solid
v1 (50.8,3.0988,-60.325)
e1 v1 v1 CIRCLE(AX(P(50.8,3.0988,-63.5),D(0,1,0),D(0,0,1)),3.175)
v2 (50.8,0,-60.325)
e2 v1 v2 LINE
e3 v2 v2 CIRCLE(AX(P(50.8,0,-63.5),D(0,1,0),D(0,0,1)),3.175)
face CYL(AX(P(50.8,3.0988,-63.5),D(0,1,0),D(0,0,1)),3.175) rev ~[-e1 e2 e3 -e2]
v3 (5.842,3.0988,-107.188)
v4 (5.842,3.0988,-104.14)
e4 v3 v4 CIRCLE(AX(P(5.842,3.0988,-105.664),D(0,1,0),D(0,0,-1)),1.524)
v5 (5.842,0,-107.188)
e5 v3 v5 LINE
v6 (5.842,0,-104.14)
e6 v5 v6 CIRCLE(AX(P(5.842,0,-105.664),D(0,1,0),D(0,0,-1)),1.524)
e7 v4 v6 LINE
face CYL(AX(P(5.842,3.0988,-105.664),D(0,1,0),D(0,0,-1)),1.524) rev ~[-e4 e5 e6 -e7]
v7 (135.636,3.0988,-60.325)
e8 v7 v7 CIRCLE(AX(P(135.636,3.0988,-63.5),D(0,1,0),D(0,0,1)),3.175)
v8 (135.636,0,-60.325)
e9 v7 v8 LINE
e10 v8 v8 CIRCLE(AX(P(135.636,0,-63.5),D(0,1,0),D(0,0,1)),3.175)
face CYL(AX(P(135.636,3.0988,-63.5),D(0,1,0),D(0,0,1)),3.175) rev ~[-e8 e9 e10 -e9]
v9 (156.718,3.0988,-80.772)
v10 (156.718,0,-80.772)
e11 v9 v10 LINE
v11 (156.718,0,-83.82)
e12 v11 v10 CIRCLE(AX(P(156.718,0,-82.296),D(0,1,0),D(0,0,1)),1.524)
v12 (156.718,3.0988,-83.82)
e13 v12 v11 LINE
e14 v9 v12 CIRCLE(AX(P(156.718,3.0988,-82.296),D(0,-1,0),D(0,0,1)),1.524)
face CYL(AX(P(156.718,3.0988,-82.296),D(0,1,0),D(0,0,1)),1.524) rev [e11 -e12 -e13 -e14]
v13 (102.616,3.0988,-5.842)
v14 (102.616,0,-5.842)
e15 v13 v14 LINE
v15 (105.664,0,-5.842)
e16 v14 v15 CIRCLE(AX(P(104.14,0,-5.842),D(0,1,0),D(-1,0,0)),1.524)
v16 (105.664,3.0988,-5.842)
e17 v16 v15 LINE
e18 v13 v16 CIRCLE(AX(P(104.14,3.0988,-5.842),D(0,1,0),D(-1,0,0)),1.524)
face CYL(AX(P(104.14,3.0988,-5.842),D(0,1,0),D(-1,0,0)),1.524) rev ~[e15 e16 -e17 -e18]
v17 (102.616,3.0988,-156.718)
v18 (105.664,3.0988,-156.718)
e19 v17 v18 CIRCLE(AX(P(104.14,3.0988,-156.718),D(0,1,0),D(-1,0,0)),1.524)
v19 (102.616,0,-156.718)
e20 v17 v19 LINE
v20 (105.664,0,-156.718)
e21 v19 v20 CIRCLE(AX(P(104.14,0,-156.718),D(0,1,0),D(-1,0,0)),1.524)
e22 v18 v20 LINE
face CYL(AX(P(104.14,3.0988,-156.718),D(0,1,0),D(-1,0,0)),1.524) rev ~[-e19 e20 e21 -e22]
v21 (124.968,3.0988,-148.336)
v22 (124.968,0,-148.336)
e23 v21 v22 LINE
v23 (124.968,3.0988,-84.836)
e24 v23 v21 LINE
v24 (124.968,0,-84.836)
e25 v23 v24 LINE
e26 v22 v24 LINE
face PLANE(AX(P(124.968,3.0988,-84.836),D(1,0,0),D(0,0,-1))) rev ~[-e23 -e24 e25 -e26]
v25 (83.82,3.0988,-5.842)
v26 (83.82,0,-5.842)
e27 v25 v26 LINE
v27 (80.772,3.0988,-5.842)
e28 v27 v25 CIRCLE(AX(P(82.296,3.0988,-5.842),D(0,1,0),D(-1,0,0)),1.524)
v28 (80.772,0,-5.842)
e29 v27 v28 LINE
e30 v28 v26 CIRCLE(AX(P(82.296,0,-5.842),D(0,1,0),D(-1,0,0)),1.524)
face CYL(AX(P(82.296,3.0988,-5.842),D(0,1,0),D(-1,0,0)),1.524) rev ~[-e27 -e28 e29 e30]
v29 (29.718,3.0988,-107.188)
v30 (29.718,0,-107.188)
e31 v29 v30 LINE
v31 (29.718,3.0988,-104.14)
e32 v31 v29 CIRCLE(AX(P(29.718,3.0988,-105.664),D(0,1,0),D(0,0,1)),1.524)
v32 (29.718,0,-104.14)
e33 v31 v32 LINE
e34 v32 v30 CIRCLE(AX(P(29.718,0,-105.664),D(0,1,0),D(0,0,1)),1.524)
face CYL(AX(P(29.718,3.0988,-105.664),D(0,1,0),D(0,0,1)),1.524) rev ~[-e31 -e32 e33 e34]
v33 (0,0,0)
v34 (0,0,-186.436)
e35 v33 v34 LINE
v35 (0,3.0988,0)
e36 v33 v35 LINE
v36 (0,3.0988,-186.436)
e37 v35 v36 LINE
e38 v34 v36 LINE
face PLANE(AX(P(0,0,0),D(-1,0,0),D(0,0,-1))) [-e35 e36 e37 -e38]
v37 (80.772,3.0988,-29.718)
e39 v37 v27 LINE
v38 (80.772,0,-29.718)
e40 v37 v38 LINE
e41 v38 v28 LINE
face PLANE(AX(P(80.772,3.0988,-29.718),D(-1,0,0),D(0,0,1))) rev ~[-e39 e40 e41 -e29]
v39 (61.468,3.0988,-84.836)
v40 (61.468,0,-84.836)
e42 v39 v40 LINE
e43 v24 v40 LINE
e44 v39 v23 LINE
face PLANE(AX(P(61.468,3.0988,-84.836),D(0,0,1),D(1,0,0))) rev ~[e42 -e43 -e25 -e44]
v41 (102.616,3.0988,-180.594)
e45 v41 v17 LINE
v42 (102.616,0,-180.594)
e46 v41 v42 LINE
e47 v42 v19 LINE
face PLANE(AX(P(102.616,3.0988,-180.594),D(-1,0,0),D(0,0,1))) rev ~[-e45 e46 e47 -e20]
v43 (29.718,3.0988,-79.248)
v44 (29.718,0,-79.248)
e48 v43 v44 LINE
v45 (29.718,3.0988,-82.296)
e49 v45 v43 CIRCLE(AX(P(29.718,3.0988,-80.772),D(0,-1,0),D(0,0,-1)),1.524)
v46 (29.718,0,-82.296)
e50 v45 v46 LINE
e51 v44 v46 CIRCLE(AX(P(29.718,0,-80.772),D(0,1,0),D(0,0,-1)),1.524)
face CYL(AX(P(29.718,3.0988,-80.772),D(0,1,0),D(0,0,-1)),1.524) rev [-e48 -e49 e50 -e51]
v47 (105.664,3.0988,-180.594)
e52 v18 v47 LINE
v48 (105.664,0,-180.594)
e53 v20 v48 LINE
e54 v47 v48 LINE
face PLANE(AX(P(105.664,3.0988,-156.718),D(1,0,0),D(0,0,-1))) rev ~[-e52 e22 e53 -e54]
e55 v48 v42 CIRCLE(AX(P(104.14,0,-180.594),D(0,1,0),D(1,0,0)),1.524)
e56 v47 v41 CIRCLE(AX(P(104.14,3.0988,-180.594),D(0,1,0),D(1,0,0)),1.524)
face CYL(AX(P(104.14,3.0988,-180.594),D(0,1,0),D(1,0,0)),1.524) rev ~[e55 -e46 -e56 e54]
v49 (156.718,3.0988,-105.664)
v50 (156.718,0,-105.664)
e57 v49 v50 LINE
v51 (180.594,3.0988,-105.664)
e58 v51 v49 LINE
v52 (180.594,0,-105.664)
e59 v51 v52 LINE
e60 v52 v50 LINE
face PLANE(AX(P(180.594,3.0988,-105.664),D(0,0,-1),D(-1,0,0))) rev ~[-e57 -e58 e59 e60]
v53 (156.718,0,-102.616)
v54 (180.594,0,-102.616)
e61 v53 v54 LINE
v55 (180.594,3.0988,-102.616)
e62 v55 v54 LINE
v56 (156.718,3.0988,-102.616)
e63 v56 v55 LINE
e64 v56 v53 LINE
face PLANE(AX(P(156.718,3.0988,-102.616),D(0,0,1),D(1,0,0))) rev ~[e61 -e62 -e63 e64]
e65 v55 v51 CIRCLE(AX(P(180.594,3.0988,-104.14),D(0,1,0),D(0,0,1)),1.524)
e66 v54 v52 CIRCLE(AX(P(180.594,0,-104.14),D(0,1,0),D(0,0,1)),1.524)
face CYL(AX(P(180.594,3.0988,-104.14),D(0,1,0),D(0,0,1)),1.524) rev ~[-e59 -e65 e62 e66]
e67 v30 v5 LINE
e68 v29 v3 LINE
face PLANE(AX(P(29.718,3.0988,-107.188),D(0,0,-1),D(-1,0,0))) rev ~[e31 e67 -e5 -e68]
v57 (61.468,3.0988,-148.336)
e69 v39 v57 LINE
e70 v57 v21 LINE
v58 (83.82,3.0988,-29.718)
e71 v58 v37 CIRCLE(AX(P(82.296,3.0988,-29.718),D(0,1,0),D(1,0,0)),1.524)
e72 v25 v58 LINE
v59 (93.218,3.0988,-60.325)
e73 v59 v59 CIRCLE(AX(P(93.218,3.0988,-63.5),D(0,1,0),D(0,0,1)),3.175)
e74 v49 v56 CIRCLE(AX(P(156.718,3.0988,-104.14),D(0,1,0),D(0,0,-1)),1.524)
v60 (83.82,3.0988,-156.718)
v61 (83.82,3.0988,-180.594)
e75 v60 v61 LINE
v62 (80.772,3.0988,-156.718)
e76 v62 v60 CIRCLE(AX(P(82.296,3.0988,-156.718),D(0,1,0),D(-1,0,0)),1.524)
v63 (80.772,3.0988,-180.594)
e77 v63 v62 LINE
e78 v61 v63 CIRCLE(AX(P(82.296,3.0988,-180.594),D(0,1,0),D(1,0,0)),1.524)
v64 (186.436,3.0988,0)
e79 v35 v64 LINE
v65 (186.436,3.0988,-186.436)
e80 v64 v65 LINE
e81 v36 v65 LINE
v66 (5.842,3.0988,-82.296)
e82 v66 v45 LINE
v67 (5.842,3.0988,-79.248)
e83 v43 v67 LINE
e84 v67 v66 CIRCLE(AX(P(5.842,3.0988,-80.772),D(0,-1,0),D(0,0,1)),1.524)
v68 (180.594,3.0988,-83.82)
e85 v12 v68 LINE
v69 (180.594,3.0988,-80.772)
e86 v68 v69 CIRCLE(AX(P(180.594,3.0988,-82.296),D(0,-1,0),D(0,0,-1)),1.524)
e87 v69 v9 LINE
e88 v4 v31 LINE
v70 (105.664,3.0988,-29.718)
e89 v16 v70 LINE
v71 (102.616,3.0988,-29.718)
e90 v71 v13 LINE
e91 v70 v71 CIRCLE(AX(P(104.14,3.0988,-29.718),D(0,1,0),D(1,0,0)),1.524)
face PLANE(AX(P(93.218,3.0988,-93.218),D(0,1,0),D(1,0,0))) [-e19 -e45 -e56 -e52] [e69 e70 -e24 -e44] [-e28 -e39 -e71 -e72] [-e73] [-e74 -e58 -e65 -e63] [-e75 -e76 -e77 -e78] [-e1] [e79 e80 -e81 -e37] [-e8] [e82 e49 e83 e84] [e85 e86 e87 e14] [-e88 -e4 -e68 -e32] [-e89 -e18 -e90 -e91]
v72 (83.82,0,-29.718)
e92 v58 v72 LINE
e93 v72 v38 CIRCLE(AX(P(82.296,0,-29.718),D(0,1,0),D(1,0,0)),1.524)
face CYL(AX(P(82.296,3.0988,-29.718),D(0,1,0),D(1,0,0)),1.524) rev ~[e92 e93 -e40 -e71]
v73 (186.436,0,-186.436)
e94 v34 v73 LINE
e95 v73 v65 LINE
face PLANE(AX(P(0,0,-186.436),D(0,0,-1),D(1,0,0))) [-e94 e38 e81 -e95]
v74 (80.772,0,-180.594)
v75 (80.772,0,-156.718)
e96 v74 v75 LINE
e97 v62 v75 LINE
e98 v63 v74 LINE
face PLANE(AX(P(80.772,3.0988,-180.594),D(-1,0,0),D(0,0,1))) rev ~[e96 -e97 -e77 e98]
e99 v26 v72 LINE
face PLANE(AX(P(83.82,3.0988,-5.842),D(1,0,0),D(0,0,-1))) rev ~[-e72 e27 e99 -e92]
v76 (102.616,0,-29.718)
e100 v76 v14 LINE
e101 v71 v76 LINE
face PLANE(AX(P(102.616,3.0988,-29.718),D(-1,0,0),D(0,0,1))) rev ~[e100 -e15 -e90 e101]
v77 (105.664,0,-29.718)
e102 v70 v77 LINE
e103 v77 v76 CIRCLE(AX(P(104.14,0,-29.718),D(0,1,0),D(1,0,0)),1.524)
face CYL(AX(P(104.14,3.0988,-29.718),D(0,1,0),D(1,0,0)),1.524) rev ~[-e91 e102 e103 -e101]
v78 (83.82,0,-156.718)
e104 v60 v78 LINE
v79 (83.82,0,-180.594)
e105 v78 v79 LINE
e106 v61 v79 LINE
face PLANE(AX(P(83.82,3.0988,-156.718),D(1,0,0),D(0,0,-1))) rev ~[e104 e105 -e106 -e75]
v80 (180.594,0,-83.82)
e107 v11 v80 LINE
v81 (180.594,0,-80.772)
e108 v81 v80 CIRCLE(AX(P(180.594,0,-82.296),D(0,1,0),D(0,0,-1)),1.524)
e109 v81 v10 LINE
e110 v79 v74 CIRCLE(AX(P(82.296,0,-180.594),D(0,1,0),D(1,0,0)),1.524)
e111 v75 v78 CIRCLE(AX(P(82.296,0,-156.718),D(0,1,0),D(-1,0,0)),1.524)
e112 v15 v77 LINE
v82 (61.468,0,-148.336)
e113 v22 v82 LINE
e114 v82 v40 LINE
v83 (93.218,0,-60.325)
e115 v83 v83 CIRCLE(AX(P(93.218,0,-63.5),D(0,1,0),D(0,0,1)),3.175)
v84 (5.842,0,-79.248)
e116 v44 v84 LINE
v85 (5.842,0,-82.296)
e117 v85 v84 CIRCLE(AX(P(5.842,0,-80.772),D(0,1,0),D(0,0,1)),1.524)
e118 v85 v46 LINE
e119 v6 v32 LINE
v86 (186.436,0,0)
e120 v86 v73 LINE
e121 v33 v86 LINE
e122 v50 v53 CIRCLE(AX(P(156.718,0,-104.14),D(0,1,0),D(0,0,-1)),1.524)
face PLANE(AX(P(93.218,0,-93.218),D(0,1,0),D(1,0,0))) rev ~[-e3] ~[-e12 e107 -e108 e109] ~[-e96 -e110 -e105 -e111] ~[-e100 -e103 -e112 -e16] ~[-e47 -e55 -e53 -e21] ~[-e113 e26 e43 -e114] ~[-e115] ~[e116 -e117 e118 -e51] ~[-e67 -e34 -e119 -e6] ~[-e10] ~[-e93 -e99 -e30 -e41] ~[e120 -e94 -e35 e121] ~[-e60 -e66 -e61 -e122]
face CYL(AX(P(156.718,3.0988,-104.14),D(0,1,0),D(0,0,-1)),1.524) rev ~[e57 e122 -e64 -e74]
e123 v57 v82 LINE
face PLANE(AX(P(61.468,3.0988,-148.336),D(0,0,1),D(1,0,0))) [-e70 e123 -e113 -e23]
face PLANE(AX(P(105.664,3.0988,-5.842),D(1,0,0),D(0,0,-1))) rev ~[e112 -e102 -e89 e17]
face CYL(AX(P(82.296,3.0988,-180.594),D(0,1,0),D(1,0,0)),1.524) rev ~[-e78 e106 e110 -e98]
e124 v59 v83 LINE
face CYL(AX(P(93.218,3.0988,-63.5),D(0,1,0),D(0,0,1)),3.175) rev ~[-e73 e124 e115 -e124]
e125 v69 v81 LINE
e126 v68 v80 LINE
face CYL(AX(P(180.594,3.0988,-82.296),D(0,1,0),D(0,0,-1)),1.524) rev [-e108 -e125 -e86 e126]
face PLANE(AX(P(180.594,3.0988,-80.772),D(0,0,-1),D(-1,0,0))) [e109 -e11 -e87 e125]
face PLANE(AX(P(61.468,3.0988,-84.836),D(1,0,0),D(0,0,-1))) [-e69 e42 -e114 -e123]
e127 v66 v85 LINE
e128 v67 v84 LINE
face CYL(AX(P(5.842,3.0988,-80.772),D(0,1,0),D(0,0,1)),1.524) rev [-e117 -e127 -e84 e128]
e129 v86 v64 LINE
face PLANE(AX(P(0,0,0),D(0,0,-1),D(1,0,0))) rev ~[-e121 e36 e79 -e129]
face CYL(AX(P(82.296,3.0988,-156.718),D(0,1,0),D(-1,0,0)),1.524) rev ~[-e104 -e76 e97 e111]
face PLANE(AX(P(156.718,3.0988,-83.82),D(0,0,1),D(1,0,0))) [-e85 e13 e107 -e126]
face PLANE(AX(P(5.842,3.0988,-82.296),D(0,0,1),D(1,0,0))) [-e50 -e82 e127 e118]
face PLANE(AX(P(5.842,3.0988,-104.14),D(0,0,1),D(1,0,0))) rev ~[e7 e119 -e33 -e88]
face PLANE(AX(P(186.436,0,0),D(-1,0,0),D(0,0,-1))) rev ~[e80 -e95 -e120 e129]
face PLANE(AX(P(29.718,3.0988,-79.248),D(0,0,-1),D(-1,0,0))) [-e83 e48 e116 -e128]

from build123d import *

# Parameters (mm, degrees)
SKETCH3_W           = 186.436
SKETCH3_H           = 186.436
BOSS_EXTRUDE1_DEPTH = 3.0988
CUT_EXTRUDE1_DEPTH  = 264.678529186
CUT_EXTRUDE2_REACH  = 265.679
SKETCH5_R           = 3.175
SKETCH5_W           = 63.5
SKETCH5_H           = 63.5


with BuildPart() as part:
    # Sketch3 → Boss-Extrude1 (new body)
    with BuildSketch(Plane(origin=(0, 0, 0), x_dir=(1, 0, 0), z_dir=(0, 1, 0))):
        with Locations((93.218, 93.218)):
            Rectangle(SKETCH3_W, SKETCH3_H)
    extrude(amount=BOSS_EXTRUDE1_DEPTH)

    # Sketch4 → Cut-Extrude1 (cut, through all)
    with BuildSketch(Plane(origin=(0, 3.0988, 0), x_dir=(1, 0, 0), z_dir=(0, 1, 0))):
        with BuildLine():
            Line((5.842, 82.296), (29.718, 82.296))
            ThreePointArc((29.718, 82.296), (31.242, 80.772), (29.718, 79.248))
            Line((29.718, 79.248), (5.842, 79.248))
            ThreePointArc((5.842, 79.248), (4.318, 80.772), (5.842, 82.296))
        make_face()
        with BuildLine():
            Line((5.842, 104.14), (29.718, 104.14))
            ThreePointArc((29.718, 104.14), (31.242, 105.664), (29.718, 107.188))
            Line((29.718, 107.188), (5.842, 107.188))
            ThreePointArc((5.842, 107.188), (4.318, 105.664), (5.842, 104.14))
        make_face()
        with BuildLine():
            Line((80.772, 29.718), (80.772, 5.842))
            ThreePointArc((80.772, 5.842), (82.296, 4.318), (83.82, 5.842))
            Line((83.82, 5.842), (83.82, 29.718))
            ThreePointArc((83.82, 29.718), (82.296, 31.242), (80.772, 29.718))
        make_face()
        with BuildLine():
            Line((105.664, 5.842), (105.664, 29.718))
            ThreePointArc((105.664, 29.718), (104.14, 31.242), (102.616, 29.718))
            Line((102.616, 29.718), (102.616, 5.842))
            ThreePointArc((102.616, 5.842), (104.14, 4.318), (105.664, 5.842))
        make_face()
        with BuildLine():
            Line((156.718, 83.82), (180.594, 83.82))
            ThreePointArc((180.594, 83.82), (182.118, 82.296), (180.594, 80.772))
            Line((180.594, 80.772), (156.718, 80.772))
            ThreePointArc((156.718, 80.772), (155.194, 82.296), (156.718, 83.82))
        make_face()
        with BuildLine():
            Line((156.718, 102.616), (180.594, 102.616))
            ThreePointArc((180.594, 102.616), (182.118, 104.14), (180.594, 105.664))
            Line((180.594, 105.664), (156.718, 105.664))
            ThreePointArc((156.718, 105.664), (155.194, 104.14), (156.718, 102.616))
        make_face()
        with BuildLine():
            Line((80.772, 180.594), (80.772, 156.718))
            ThreePointArc((80.772, 156.718), (82.296, 155.194), (83.82, 156.718))
            Line((83.82, 156.718), (83.82, 180.594))
            ThreePointArc((83.82, 180.594), (82.296, 182.118), (80.772, 180.594))
        make_face()
        with BuildLine():
            Line((105.664, 156.718), (105.664, 180.594))
            ThreePointArc((105.664, 180.594), (104.14, 182.118), (102.616, 180.594))
            Line((102.616, 180.594), (102.616, 156.718))
            ThreePointArc((102.616, 156.718), (104.14, 155.194), (105.664, 156.718))
        make_face()
    extrude(amount=-CUT_EXTRUDE1_DEPTH, mode=Mode.SUBTRACT)

    # Sketch5 → Cut-Extrude2 (cut, up to next)
    with BuildSketch(Plane(origin=(0, 3.0988, 0), x_dir=(1, 0, 0), z_dir=(0, 1, 0)), mode=Mode.PRIVATE) as cut_extrude2_sk1:
        with Locations(Location((50.8, 63.5, 0), (0, 0, 270))):
            Circle(SKETCH5_R)
    cut_extrude2_tool1 = extrude(cut_extrude2_sk1.sketch, amount=-CUT_EXTRUDE2_REACH, mode=Mode.PRIVATE) & part.part
    # Sketch5 → Cut-Extrude2 (cut, up to next)
    with BuildSketch(Plane(origin=(0, 3.0988, 0), x_dir=(1, 0, 0), z_dir=(0, 1, 0)), mode=Mode.PRIVATE) as cut_extrude2_sk2:
        with Locations(Location((93.218, 63.5, 0), (0, 0, 270))):
            Circle(SKETCH5_R)
    cut_extrude2_tool2 = extrude(cut_extrude2_sk2.sketch, amount=-CUT_EXTRUDE2_REACH, mode=Mode.PRIVATE) & part.part
    # Sketch5 → Cut-Extrude2 (cut, up to next)
    with BuildSketch(Plane(origin=(0, 3.0988, 0), x_dir=(1, 0, 0), z_dir=(0, 1, 0)), mode=Mode.PRIVATE) as cut_extrude2_sk3:
        with Locations(Location((135.636, 63.5, 0), (0, 0, 270))):
            Circle(SKETCH5_R)
    cut_extrude2_tool3 = extrude(cut_extrude2_sk3.sketch, amount=-CUT_EXTRUDE2_REACH, mode=Mode.PRIVATE) & part.part
    # Sketch5 → Cut-Extrude2 (cut, up to next)
    with BuildSketch(Plane(origin=(0, 3.0988, 0), x_dir=(1, 0, 0), z_dir=(0, 1, 0)), mode=Mode.PRIVATE) as cut_extrude2_sk4:
        with Locations((93.218, 116.586)):
            Rectangle(SKETCH5_W, SKETCH5_H)
    cut_extrude2_tool4 = extrude(cut_extrude2_sk4.sketch, amount=-CUT_EXTRUDE2_REACH, mode=Mode.PRIVATE) & part.part
    add(cut_extrude2_tool1.solids().sort_by_distance((50.8, 3.0988, -63.5))[0], mode=Mode.SUBTRACT)
    add(cut_extrude2_tool2.solids().sort_by_distance((93.218, 3.0988, -63.5))[0], mode=Mode.SUBTRACT)
    add(cut_extrude2_tool3.solids().sort_by_distance((135.636, 3.0988, -63.5))[0], mode=Mode.SUBTRACT)
    add(cut_extrude2_tool4.solids().sort_by_distance((93.218, 3.0988, -116.586))[0], mode=Mode.SUBTRACT)


solid = part.part
